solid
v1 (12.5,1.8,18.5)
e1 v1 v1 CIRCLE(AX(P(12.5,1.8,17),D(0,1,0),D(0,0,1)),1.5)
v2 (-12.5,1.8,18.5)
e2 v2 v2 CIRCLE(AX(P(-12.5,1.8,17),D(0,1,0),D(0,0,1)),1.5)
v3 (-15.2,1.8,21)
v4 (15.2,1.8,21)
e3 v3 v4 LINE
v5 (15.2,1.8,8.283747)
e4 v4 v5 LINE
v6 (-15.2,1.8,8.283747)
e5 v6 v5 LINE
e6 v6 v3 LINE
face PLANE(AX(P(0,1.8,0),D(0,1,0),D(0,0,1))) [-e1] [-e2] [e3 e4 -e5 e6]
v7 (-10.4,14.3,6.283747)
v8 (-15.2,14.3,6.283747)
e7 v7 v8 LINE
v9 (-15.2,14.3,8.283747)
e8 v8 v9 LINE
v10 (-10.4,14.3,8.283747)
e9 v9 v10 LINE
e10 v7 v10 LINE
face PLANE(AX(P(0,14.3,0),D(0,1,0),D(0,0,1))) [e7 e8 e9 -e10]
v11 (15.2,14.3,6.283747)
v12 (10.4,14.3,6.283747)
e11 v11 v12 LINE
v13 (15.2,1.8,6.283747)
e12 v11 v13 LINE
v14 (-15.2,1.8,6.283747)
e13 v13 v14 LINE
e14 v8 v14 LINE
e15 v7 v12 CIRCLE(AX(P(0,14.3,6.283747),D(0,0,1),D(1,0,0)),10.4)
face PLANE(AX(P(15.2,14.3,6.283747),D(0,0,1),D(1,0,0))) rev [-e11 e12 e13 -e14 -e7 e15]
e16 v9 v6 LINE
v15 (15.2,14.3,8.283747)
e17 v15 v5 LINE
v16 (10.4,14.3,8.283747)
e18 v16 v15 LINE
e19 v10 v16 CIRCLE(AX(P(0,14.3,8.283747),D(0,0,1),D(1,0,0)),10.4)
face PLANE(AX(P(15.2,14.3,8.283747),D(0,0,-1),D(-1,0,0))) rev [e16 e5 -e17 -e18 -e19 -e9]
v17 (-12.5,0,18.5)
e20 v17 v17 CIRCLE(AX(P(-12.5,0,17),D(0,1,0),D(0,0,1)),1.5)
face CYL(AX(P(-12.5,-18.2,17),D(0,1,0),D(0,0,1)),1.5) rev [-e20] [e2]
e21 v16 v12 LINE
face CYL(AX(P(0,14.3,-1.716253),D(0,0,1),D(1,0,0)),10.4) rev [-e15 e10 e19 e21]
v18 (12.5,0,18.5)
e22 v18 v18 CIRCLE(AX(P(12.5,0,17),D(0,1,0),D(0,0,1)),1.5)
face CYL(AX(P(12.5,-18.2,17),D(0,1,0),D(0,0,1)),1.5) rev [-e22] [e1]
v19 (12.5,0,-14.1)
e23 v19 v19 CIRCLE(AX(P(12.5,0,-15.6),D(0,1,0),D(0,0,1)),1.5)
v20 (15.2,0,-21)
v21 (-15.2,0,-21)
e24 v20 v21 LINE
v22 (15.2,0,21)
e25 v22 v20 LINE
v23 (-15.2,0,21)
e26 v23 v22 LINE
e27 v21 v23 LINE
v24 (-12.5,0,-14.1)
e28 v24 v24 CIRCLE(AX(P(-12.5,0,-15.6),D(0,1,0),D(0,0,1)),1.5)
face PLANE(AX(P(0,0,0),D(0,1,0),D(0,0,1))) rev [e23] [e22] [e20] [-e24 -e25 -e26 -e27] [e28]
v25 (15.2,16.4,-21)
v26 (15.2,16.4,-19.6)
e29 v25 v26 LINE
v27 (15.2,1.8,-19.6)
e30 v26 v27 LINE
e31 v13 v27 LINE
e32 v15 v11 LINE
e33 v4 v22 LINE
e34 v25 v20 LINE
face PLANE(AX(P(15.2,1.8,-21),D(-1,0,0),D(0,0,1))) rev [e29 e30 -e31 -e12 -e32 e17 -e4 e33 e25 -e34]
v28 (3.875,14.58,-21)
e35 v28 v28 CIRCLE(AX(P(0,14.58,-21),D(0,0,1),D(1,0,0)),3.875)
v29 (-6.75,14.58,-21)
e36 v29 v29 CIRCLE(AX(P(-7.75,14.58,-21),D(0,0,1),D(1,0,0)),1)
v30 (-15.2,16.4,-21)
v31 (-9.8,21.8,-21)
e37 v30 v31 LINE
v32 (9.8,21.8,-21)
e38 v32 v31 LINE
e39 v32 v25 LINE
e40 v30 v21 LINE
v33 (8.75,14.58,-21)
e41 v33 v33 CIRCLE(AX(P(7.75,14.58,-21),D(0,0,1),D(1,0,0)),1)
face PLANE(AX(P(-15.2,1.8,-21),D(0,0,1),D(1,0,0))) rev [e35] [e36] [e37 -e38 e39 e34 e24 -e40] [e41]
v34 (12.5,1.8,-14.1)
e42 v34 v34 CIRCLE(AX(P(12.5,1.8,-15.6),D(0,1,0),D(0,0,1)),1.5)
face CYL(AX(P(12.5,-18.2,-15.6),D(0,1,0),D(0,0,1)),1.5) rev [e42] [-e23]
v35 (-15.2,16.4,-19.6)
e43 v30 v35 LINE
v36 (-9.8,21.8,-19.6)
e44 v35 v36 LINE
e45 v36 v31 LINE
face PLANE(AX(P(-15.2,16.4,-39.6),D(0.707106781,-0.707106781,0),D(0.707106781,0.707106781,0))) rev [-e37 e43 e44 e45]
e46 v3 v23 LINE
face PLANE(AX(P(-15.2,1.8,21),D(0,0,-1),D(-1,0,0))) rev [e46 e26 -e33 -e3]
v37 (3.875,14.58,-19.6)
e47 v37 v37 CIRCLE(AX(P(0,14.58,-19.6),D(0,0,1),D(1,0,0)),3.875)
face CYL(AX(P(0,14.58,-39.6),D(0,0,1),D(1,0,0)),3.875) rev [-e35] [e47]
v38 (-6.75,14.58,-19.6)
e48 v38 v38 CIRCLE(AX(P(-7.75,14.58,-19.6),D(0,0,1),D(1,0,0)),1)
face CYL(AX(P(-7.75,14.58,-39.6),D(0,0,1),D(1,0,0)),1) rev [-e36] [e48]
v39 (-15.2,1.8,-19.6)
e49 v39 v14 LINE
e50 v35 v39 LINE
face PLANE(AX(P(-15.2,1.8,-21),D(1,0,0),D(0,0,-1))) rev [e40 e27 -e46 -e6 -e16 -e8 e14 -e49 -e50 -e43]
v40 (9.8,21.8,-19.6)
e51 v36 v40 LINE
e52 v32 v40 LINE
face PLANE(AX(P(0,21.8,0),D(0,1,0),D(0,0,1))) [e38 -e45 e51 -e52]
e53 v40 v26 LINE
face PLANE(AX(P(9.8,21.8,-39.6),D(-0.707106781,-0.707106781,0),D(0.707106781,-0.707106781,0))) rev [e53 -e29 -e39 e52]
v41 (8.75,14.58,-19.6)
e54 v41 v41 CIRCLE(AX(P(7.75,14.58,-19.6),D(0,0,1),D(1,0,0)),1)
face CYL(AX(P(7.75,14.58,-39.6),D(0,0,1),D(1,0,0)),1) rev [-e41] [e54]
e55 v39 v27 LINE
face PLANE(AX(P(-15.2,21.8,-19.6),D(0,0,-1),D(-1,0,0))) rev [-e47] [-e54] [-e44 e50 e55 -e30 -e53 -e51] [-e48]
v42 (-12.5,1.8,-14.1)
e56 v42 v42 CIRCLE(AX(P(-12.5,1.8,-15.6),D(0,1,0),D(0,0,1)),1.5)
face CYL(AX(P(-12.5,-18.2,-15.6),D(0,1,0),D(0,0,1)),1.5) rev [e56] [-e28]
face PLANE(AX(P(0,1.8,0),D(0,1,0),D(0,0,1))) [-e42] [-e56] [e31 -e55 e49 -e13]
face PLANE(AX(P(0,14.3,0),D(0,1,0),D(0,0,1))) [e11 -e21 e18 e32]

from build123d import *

# Parameters (mm, degrees)
SKETCH1_W           = 30.4
SKETCH1_H           = 42
BOSS_EXTRUDE1_DEPTH = 1.8
SKETCH2_W           = 30.4
SKETCH2_H           = 1.4
BOSS_EXTRUDE2_DEPTH = 20
SKETCH3_R           = 1.5
CUT_EXTRUDE1_DEPTH  = 20
SKETCH4_R           = 3.875
SKETCH4_R_2         = 1
CUT_EXTRUDE2_DEPTH  = 20
SKETCH5_W           = 30.4
SKETCH5_H           = 2
BOSS_EXTRUDE3_DEPTH = 12.5
SKETCH6_R           = 10.4
CUT_EXTRUDE3_DEPTH  = 10


with BuildPart() as part:
    # Sketch1 → Boss-Extrude1 (new body)
    with BuildSketch(Plane(origin=(0, 0, 0), x_dir=(1, 0, 0), z_dir=(0, 1, 0))):
        Rectangle(SKETCH1_W, SKETCH1_H)
    extrude(amount=BOSS_EXTRUDE1_DEPTH)

    # Sketch2 → Boss-Extrude2 (add)
    with BuildSketch(Plane(origin=(0, 1.8, 0), x_dir=(1, 0, 0), z_dir=(0, 1, 0))):
        with Locations((0, 20.3)):
            Rectangle(SKETCH2_W, SKETCH2_H)
    extrude(amount=BOSS_EXTRUDE2_DEPTH)

    # Sketch3 → Cut-Extrude1 (cut)
    with BuildSketch(Plane(origin=(0, 1.8, 0), x_dir=(1, 0, 0), z_dir=(0, 1, 0))):
        with Locations(Location((12.5, 15.6, 0), (0, 0, 270))):
            Circle(SKETCH3_R)
        with Locations(Location((-12.5, 15.6, 0), (0, 0, 270))):
            Circle(SKETCH3_R)
        with Locations(Location((-12.5, -17, 0), (0, 0, 270))):
            Circle(SKETCH3_R)
        with Locations(Location((12.5, -17, 0), (0, 0, 270))):
            Circle(SKETCH3_R)
    extrude(amount=-CUT_EXTRUDE1_DEPTH, mode=Mode.SUBTRACT)

    # Sketch4 → Cut-Extrude2 (cut)
    with BuildSketch(Plane.XY.offset(-19.6)):
        with Locations((0, 14.58)):
            Circle(SKETCH4_R)
        with Locations((-7.75, 14.58)):
            Circle(SKETCH4_R_2)
        with Locations((7.75, 14.58)):
            Circle(SKETCH4_R_2)
        Polygon((-15.2, 16.4), (-9.8, 21.8), (-15.2, 21.8), align=None)
        Polygon((15.2, 16.4), (15.2, 21.8), (9.8, 21.8), align=None)
    extrude(amount=-CUT_EXTRUDE2_DEPTH, mode=Mode.SUBTRACT)

    # Sketch5 → Boss-Extrude3 (add)
    with BuildSketch(Plane(origin=(0, 1.8, 0), x_dir=(1, 0, 0), z_dir=(0, 1, 0))):
        with Locations((0, -7.283746966)):
            Rectangle(SKETCH5_W, SKETCH5_H)
    extrude(amount=BOSS_EXTRUDE3_DEPTH)

    # Sketch6 → Cut-Extrude3 (cut)
    with BuildSketch(Plane.XY.offset(8.283746966)):
        with Locations((0, 14.3)):
            Circle(SKETCH6_R)
    extrude(amount=-CUT_EXTRUDE3_DEPTH, mode=Mode.SUBTRACT)


solid = part.part
